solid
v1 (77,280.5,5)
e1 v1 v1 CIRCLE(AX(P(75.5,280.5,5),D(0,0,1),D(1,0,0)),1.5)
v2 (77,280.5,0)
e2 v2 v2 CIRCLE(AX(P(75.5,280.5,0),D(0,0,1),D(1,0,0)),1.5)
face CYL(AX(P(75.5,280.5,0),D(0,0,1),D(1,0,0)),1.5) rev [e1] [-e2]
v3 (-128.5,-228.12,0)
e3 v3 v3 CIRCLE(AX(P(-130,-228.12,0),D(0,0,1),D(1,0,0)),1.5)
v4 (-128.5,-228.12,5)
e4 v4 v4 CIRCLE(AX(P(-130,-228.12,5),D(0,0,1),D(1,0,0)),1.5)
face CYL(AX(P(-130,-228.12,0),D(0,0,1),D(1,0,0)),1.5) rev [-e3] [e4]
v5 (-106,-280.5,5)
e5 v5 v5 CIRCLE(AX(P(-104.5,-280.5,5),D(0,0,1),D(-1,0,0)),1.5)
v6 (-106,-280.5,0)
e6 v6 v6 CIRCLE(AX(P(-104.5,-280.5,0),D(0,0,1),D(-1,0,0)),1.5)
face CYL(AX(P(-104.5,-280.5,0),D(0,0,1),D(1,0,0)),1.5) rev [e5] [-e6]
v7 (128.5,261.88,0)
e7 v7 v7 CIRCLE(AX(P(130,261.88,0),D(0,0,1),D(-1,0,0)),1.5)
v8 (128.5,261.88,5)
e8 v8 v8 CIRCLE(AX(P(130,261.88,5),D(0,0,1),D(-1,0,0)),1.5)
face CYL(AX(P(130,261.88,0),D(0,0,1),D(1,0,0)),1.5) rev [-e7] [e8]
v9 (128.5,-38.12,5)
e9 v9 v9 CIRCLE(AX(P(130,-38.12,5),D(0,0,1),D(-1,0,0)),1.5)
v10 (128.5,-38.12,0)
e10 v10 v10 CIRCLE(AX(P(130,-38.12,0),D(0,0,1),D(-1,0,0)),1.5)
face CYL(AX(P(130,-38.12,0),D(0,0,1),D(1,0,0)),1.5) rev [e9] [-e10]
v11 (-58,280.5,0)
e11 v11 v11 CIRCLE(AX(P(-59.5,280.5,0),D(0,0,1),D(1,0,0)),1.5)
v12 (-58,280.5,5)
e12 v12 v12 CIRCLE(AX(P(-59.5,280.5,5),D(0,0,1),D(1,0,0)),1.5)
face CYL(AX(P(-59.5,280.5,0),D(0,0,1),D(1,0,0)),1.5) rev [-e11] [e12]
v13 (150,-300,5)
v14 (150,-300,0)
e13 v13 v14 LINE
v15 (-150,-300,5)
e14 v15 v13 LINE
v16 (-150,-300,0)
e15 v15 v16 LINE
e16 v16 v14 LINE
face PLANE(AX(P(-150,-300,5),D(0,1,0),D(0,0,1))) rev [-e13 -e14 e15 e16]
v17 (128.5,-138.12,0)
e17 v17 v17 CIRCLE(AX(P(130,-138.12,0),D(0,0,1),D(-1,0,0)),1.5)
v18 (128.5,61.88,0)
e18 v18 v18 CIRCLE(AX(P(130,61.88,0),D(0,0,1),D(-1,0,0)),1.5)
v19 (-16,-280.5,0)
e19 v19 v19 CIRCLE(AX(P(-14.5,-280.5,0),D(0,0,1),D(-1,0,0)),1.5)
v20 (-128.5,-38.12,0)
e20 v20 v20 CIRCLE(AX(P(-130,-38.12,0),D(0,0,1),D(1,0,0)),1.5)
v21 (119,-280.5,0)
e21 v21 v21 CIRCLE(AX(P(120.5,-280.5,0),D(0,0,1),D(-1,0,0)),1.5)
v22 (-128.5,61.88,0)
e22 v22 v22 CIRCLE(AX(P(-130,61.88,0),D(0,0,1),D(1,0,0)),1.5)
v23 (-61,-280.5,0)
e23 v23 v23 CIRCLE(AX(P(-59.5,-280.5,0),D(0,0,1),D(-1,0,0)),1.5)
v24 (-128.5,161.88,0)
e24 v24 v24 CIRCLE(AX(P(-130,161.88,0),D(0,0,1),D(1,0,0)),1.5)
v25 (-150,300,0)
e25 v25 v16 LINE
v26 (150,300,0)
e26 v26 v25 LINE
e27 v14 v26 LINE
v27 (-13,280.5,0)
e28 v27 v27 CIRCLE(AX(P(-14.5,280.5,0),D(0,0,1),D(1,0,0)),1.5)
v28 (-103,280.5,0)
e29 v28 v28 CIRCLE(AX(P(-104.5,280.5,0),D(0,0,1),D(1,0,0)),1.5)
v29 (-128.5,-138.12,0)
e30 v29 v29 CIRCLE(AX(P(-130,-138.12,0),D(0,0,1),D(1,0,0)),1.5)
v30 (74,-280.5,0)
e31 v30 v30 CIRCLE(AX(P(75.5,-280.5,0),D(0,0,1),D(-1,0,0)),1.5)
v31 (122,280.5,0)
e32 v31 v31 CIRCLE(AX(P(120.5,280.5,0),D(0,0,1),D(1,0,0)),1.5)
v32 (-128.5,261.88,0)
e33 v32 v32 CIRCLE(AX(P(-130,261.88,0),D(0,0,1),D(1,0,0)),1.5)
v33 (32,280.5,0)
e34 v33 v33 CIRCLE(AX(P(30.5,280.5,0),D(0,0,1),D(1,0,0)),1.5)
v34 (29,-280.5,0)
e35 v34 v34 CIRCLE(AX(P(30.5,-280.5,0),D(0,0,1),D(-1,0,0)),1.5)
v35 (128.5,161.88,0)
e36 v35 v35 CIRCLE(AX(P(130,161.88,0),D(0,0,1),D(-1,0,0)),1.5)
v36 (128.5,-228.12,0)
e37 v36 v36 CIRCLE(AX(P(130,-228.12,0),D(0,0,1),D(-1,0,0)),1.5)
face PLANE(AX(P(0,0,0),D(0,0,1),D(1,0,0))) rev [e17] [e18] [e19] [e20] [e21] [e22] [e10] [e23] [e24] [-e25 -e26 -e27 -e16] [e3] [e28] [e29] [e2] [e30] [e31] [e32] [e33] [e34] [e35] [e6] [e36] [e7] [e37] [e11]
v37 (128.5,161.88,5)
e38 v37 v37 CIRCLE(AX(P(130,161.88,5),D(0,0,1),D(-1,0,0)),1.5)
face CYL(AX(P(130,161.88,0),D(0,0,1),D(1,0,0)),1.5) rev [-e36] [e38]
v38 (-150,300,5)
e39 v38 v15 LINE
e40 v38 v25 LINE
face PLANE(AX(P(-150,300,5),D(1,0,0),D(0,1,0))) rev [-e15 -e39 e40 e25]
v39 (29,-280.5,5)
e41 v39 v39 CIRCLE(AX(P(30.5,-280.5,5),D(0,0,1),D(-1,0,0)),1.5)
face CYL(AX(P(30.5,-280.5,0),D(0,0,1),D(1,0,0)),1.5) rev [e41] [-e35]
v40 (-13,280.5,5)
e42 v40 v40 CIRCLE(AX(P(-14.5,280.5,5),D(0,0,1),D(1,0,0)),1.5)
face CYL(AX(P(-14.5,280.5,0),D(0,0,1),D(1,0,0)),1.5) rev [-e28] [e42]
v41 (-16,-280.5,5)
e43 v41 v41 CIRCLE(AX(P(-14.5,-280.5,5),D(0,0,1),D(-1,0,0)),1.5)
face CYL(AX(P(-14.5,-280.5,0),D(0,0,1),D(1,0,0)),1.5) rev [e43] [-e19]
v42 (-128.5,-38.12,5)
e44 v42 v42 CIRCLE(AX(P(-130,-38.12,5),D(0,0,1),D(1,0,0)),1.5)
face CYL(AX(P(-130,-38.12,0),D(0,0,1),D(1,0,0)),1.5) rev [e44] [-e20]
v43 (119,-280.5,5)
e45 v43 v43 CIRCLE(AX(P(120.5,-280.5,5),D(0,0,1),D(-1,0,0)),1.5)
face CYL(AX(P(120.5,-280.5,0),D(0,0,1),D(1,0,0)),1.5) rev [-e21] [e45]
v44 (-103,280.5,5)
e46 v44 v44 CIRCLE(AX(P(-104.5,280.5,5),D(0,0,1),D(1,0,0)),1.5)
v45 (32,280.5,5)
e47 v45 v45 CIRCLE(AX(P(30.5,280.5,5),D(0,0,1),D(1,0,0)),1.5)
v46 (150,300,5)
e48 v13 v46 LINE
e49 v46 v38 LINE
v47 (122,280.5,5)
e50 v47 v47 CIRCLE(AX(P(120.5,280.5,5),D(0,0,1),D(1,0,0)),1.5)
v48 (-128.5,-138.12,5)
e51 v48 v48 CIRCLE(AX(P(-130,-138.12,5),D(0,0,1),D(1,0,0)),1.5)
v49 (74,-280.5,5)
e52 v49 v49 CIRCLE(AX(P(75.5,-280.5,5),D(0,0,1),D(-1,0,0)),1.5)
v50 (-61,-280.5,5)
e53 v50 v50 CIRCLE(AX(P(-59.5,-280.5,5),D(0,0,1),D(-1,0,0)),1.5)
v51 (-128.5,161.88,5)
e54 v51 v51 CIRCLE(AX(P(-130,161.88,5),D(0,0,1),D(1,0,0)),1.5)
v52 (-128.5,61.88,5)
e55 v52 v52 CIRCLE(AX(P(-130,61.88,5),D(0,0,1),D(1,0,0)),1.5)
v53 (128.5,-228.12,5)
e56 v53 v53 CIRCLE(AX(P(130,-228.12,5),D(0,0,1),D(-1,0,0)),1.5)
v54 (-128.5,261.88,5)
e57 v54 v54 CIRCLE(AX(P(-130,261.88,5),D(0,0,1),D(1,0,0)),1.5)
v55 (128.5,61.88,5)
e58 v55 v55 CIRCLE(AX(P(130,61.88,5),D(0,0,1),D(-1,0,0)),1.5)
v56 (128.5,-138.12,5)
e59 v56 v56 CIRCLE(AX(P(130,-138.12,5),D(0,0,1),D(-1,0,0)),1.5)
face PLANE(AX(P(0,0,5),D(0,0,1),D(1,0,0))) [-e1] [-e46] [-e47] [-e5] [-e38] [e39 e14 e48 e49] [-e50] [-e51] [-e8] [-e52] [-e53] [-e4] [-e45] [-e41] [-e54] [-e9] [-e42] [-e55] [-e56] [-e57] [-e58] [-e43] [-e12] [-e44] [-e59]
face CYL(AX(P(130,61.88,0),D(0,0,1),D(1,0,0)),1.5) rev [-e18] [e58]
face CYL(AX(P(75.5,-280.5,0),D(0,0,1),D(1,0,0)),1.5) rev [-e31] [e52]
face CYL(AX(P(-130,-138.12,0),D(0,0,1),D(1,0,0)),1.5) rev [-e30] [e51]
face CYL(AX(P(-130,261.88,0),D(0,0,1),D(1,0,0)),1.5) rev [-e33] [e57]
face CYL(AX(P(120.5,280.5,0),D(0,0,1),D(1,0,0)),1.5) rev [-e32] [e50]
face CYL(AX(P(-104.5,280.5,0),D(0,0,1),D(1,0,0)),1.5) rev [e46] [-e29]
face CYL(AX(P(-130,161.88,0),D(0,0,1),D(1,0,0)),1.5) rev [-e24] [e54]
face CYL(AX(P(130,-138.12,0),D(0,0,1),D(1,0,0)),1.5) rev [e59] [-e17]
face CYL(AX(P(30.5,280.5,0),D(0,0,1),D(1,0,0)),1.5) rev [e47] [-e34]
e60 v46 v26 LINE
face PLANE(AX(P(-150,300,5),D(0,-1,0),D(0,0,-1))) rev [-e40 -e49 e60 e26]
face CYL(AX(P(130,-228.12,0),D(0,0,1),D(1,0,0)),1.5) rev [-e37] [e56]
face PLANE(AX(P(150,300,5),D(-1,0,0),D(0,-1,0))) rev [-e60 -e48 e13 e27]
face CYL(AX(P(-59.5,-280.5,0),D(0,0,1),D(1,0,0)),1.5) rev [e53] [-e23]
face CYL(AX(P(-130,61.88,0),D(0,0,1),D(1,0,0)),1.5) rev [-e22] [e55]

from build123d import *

# Parameters (mm, degrees)
CROQUIS1_W              = 300
CROQUIS1_H              = 600
SALIENTE_EXTRUIR1_DEPTH = 5
CROQUIS2_R              = 1.5
CORTAR_EXTRUIR1_DEPTH   = 5
CROQUIS3_R              = 1.5
CORTAR_EXTRUIR2_DEPTH   = 5


with BuildPart() as part:
    # Croquis1 → Saliente-Extruir1 (new body)
    with BuildSketch(Plane.XY):
        Rectangle(CROQUIS1_W, CROQUIS1_H)
    extrude(amount=SALIENTE_EXTRUIR1_DEPTH)

    # Croquis2 → Cortar-Extruir1 (cut)
    with BuildSketch(Plane.XY.offset(5)):
        with Locations((-104.5, 280.5)):
            Circle(CROQUIS2_R)
        with Locations((-59.5, 280.5)):
            Circle(CROQUIS2_R)
        with Locations((-14.5, 280.5)):
            Circle(CROQUIS2_R)
        with Locations((30.5, 280.5)):
            Circle(CROQUIS2_R)
        with Locations((75.5, 280.5)):
            Circle(CROQUIS2_R)
        with Locations((120.5, 280.5)):
            Circle(CROQUIS2_R)
        with Locations(Location((120.5, -280.5, 0), (0, 0, 180))):
            Circle(CROQUIS2_R)
        with Locations(Location((75.5, -280.5, 0), (0, 0, 180))):
            Circle(CROQUIS2_R)
        with Locations(Location((30.5, -280.5, 0), (0, 0, 180))):
            Circle(CROQUIS2_R)
        with Locations(Location((-14.5, -280.5, 0), (0, 0, 180))):
            Circle(CROQUIS2_R)
        with Locations(Location((-59.5, -280.5, 0), (0, 0, 180))):
            Circle(CROQUIS2_R)
        with Locations(Location((-104.5, -280.5, 0), (0, 0, 180))):
            Circle(CROQUIS2_R)
    extrude(amount=-CORTAR_EXTRUIR1_DEPTH, mode=Mode.SUBTRACT)

    # Croquis3 → Cortar-Extruir2 (cut)
    with BuildSketch(Plane.XY.offset(5)):
        with Locations((-130, 261.88)):
            Circle(CROQUIS3_R)
        with Locations((-130, 161.88)):
            Circle(CROQUIS3_R)
        with Locations((-130, 61.88)):
            Circle(CROQUIS3_R)
        with Locations((-130, -38.12)):
            Circle(CROQUIS3_R)
        with Locations((-130, -138.12)):
            Circle(CROQUIS3_R)
        with Locations((-130, -228.12)):
            Circle(CROQUIS3_R)
        with Locations(Location((130, -228.12, 0), (0, 0, 180))):
            Circle(CROQUIS3_R)
        with Locations(Location((130, -138.12, 0), (0, 0, 180))):
            Circle(CROQUIS3_R)
        with Locations(Location((130, -38.12, 0), (0, 0, 180))):
            Circle(CROQUIS3_R)
        with Locations(Location((130, 61.88, 0), (0, 0, 180))):
            Circle(CROQUIS3_R)
        with Locations(Location((130, 161.88, 0), (0, 0, 180))):
            Circle(CROQUIS3_R)
        with Locations(Location((130, 261.88, 0), (0, 0, 180))):
            Circle(CROQUIS3_R)
    extrude(amount=-CORTAR_EXTRUIR2_DEPTH, mode=Mode.SUBTRACT)


solid = part.part
